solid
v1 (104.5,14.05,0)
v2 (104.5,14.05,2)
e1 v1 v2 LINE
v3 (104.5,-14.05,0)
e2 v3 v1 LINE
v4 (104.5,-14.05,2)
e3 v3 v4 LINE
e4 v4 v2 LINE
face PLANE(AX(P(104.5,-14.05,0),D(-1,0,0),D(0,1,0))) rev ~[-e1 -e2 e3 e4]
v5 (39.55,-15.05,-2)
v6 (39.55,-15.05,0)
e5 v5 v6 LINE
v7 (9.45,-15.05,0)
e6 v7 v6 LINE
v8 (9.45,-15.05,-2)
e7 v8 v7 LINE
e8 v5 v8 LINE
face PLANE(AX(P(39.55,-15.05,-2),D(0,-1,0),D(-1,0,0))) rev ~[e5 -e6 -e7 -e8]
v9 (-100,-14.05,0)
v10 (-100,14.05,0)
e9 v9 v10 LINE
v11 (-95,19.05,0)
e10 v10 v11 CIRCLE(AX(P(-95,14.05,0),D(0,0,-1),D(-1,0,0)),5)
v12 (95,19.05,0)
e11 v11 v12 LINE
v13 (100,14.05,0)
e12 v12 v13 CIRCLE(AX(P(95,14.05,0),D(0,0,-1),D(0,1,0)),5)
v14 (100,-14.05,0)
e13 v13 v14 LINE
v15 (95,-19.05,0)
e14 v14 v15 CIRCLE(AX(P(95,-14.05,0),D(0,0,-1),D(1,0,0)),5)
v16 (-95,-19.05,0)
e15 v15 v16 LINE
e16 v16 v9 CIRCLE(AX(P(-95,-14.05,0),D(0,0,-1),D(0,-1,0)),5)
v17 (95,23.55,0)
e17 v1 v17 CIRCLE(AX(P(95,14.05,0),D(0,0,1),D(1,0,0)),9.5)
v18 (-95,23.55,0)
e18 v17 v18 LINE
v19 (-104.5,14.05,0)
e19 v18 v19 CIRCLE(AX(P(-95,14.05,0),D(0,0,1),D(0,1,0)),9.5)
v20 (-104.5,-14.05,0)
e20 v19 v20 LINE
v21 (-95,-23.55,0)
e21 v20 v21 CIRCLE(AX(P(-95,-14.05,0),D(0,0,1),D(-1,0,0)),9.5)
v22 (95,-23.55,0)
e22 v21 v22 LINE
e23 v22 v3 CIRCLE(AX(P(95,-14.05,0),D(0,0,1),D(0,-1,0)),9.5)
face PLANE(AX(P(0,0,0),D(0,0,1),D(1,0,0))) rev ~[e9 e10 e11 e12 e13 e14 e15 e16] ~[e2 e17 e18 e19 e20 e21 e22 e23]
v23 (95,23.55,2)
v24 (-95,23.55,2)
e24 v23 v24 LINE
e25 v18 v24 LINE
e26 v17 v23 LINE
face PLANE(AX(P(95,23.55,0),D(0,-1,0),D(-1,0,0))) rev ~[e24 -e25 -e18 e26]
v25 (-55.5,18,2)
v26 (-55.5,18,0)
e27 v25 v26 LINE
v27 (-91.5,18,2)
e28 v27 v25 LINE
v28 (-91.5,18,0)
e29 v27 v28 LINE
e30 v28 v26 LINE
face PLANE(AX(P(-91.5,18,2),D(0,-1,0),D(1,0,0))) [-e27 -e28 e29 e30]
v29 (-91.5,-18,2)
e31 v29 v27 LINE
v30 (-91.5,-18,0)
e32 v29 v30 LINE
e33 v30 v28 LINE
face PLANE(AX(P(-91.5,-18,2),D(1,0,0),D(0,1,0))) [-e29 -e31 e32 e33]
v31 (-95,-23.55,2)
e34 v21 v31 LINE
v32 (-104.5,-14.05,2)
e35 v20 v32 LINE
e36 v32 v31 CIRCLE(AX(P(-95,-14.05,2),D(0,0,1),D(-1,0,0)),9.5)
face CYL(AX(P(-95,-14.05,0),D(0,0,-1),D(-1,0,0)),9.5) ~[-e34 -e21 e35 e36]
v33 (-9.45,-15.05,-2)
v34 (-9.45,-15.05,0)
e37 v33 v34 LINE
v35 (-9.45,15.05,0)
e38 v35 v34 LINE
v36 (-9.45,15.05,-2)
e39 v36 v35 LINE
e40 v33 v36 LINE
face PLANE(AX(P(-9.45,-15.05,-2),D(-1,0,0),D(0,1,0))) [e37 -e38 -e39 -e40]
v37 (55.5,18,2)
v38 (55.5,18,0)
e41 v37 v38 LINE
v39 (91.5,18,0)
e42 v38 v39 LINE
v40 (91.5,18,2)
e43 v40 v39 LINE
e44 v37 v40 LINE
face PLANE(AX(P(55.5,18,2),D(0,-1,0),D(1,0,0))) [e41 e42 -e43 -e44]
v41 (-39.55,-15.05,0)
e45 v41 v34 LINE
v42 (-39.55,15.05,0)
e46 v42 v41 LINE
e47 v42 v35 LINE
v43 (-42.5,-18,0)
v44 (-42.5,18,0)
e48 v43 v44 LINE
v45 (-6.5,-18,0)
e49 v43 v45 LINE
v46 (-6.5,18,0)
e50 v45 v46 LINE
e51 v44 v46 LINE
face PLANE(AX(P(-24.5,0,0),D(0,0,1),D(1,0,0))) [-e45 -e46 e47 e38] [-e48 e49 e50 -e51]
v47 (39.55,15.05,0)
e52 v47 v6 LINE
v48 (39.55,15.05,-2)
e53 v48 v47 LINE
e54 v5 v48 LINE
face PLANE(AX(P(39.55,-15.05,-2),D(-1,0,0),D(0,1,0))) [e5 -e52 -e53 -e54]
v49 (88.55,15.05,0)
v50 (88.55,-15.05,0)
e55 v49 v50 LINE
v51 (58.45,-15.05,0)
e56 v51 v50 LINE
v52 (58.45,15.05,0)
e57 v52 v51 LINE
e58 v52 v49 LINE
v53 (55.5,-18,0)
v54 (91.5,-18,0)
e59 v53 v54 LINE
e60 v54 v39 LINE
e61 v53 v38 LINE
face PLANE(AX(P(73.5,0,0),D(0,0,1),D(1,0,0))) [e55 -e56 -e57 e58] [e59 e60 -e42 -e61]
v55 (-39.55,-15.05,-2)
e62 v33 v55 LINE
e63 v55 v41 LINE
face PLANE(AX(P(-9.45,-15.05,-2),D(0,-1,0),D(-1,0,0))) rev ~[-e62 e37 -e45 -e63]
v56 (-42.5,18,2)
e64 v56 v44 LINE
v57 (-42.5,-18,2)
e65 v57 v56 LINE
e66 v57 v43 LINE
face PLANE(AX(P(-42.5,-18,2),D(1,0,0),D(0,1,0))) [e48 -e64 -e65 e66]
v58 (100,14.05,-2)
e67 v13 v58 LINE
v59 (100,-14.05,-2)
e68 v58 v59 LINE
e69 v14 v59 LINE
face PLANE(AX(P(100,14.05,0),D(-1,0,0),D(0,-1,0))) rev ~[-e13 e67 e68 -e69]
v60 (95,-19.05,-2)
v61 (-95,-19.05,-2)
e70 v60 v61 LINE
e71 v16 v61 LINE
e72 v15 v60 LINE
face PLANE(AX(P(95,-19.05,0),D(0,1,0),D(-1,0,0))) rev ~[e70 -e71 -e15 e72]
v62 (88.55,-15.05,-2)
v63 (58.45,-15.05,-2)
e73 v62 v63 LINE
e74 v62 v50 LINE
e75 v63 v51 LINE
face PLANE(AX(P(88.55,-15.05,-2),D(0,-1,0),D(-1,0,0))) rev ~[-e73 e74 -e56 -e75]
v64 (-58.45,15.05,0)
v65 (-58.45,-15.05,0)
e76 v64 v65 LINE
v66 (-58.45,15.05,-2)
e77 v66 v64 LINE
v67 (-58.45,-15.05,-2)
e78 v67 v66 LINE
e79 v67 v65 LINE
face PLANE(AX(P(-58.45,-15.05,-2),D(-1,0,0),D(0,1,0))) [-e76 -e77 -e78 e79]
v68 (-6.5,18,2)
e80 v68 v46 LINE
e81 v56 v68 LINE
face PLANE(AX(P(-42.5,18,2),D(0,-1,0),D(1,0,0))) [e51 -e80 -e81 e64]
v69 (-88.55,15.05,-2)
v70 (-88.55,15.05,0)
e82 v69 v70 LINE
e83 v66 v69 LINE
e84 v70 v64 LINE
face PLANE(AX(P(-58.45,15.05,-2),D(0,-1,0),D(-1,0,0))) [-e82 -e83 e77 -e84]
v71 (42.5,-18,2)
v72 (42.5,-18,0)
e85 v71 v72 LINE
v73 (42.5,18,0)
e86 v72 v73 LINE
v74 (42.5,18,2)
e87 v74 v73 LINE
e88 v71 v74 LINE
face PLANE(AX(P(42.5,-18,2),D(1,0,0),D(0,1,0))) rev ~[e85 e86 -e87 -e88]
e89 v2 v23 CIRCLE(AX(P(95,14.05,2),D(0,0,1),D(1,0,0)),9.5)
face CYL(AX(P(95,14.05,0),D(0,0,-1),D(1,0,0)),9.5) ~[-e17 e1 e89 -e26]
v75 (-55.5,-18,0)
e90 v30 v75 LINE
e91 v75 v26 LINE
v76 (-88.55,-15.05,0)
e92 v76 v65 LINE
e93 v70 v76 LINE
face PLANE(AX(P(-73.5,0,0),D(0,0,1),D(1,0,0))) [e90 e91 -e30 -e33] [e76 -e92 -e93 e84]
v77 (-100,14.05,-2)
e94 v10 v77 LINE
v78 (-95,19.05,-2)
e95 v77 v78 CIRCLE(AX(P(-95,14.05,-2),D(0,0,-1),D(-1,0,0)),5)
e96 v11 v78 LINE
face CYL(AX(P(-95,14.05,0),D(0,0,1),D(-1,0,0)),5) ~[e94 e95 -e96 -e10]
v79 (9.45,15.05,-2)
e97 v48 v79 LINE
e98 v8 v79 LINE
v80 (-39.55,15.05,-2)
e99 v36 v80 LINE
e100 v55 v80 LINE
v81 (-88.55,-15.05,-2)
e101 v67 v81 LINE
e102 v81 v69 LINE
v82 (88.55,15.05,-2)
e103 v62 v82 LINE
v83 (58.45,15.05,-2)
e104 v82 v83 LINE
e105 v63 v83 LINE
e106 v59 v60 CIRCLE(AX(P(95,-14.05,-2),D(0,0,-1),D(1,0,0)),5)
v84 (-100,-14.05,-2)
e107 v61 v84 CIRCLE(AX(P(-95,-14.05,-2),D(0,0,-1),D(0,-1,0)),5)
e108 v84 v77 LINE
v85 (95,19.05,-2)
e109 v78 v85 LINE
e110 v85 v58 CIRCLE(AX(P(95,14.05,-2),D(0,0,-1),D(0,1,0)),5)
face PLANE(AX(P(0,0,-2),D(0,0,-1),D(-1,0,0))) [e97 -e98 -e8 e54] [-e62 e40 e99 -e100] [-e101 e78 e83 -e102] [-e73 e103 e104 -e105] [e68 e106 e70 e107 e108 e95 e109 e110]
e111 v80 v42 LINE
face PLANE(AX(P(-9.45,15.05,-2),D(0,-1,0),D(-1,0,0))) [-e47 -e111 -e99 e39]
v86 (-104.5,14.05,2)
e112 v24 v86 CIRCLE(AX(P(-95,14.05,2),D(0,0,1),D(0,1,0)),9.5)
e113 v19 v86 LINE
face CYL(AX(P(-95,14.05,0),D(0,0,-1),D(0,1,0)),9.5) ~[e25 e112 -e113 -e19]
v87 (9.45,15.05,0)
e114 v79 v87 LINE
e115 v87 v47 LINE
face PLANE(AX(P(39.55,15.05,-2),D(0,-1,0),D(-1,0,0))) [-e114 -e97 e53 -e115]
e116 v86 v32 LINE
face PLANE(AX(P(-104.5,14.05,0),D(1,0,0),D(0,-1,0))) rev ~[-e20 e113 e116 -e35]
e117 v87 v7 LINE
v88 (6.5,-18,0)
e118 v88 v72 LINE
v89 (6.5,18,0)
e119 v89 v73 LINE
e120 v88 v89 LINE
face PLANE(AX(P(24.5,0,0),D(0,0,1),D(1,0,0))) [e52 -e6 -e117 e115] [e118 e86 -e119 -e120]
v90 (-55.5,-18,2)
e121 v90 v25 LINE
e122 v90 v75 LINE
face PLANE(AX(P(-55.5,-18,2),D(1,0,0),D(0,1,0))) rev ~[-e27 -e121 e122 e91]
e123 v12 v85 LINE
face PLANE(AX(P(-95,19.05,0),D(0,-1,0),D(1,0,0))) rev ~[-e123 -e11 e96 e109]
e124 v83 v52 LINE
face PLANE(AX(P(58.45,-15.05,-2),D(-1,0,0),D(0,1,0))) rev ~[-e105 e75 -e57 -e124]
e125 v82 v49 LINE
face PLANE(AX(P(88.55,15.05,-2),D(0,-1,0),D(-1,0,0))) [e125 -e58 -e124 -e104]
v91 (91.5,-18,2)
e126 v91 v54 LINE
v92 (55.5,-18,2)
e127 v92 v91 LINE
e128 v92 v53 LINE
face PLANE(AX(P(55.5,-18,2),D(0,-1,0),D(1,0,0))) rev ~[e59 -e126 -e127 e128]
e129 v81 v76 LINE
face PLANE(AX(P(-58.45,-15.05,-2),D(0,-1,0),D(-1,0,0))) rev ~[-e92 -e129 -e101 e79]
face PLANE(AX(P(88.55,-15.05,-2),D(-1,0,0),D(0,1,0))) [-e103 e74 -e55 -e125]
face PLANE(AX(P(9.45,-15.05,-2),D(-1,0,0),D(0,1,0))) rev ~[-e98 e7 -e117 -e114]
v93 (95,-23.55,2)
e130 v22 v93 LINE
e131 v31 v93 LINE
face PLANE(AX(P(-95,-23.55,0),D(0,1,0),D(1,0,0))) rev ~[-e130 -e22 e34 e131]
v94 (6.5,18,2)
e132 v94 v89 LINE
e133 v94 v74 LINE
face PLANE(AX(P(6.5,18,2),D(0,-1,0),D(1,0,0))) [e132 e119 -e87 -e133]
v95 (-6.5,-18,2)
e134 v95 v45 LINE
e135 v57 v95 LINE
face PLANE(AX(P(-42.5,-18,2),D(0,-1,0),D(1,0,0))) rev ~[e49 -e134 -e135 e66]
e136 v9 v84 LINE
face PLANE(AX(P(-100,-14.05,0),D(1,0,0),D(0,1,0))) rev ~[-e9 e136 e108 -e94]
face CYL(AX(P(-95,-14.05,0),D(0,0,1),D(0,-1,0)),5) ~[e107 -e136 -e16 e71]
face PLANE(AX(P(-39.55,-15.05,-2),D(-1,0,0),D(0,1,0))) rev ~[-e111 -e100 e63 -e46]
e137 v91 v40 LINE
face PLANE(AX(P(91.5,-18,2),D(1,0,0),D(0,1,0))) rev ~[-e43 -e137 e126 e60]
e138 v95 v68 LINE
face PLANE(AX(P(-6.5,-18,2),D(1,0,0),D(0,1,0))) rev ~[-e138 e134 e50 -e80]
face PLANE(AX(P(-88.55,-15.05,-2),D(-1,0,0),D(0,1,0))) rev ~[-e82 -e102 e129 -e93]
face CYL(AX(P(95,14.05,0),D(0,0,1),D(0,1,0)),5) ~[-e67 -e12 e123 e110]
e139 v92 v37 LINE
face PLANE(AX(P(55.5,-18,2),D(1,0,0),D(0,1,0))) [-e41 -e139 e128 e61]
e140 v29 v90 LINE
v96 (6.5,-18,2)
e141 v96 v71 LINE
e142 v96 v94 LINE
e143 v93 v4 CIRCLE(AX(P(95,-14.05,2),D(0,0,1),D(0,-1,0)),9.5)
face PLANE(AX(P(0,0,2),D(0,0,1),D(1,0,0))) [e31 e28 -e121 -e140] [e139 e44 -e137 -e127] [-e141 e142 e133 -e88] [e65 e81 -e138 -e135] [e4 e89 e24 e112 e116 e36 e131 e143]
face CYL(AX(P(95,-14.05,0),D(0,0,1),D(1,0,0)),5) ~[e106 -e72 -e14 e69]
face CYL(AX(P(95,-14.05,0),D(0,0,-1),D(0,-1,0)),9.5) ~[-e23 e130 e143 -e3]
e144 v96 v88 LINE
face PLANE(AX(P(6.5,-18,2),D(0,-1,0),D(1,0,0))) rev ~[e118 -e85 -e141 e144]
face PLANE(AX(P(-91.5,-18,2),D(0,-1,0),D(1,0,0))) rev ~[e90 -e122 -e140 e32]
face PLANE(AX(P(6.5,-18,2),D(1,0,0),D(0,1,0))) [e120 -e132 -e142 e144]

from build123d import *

# Parameters (mm, degrees)
BOSS_EXTRU_1_DEPTH      = 2
BOSS_EXTRU_3_DEPTH      = 2
ESQUISSE7_W             = 36
ESQUISSE7_H             = 36
ENL_V_MAT_EXTRU_4_DEPTH = 2
ESQUISSE8_W             = 30.1
ESQUISSE8_H             = 30.1
ENL_V_MAT_EXTRU_5_DEPTH = 108.195394024


with BuildPart() as part:
    # Esquisse1 → Boss.-Extru.1 (new body)
    with BuildSketch(Plane.XY):
        with BuildLine():
            Line((-95, -23.55), (95, -23.55))
            ThreePointArc((95, -23.55), (101.717514421, -20.767514421), (104.5, -14.05))
            Line((104.5, -14.05), (104.5, 14.05))
            ThreePointArc((104.5, 14.05), (101.717514421, 20.767514421), (95, 23.55))
            Line((95, 23.55), (-95, 23.55))
            ThreePointArc((-95, 23.55), (-101.717514421, 20.767514421), (-104.5, 14.05))
            Line((-104.5, 14.05), (-104.5, -14.05))
            ThreePointArc((-104.5, -14.05), (-101.717514421, -20.767514421), (-95, -23.55))
        make_face()
    extrude(amount=BOSS_EXTRU_1_DEPTH)

    # Esquisse6 → Boss.-Extru.3 (add)
    with BuildSketch(Plane(origin=(0, 0, 0), x_dir=(-1, 0, 0), z_dir=(0, 0, -1))):
        with BuildLine():
            Line((-95, -19.05), (95, -19.05))
            ThreePointArc((95, -19.05), (98.535533906, -17.585533906), (100, -14.05))
            Line((100, -14.05), (100, 14.05))
            ThreePointArc((100, 14.05), (98.535533906, 17.585533906), (95, 19.05))
            Line((95, 19.05), (-95, 19.05))
            ThreePointArc((-95, 19.05), (-98.535533906, 17.585533906), (-100, 14.05))
            Line((-100, 14.05), (-100, -14.05))
            ThreePointArc((-100, -14.05), (-98.535533906, -17.585533906), (-95, -19.05))
        make_face()
    extrude(amount=BOSS_EXTRU_3_DEPTH)

    # Esquisse7 → Enlèv. mat.-Extru.4 (cut)
    with BuildSketch(Plane.XY.offset(2)):
        with Locations((-73.5, 0)):
            Rectangle(ESQUISSE7_W, ESQUISSE7_H)
        with Locations((-24.5, 0)):
            Rectangle(ESQUISSE7_W, ESQUISSE7_H)
        with Locations((24.5, 0)):
            Rectangle(ESQUISSE7_W, ESQUISSE7_H)
        with Locations((73.5, 0)):
            Rectangle(ESQUISSE7_W, ESQUISSE7_H)
    extrude(amount=-ENL_V_MAT_EXTRU_4_DEPTH, mode=Mode.SUBTRACT)

    # Esquisse8 → Enlèv. mat.-Extru.5 (cut, through all)
    with BuildSketch(Plane(origin=(0, 0, -2), x_dir=(-1, 0, 0), z_dir=(0, 0, -1))):
        with Locations((-73.5, 0)):
            Rectangle(ESQUISSE8_W, ESQUISSE8_H)
        with Locations((-24.5, 0)):
            Rectangle(ESQUISSE8_W, ESQUISSE8_H)
        with Locations((24.5, 0)):
            Rectangle(ESQUISSE8_W, ESQUISSE8_H)
        with Locations((73.5, 0)):
            Rectangle(ESQUISSE8_W, ESQUISSE8_H)
    extrude(amount=-ENL_V_MAT_EXTRU_5_DEPTH, mode=Mode.SUBTRACT)


solid = part.part
